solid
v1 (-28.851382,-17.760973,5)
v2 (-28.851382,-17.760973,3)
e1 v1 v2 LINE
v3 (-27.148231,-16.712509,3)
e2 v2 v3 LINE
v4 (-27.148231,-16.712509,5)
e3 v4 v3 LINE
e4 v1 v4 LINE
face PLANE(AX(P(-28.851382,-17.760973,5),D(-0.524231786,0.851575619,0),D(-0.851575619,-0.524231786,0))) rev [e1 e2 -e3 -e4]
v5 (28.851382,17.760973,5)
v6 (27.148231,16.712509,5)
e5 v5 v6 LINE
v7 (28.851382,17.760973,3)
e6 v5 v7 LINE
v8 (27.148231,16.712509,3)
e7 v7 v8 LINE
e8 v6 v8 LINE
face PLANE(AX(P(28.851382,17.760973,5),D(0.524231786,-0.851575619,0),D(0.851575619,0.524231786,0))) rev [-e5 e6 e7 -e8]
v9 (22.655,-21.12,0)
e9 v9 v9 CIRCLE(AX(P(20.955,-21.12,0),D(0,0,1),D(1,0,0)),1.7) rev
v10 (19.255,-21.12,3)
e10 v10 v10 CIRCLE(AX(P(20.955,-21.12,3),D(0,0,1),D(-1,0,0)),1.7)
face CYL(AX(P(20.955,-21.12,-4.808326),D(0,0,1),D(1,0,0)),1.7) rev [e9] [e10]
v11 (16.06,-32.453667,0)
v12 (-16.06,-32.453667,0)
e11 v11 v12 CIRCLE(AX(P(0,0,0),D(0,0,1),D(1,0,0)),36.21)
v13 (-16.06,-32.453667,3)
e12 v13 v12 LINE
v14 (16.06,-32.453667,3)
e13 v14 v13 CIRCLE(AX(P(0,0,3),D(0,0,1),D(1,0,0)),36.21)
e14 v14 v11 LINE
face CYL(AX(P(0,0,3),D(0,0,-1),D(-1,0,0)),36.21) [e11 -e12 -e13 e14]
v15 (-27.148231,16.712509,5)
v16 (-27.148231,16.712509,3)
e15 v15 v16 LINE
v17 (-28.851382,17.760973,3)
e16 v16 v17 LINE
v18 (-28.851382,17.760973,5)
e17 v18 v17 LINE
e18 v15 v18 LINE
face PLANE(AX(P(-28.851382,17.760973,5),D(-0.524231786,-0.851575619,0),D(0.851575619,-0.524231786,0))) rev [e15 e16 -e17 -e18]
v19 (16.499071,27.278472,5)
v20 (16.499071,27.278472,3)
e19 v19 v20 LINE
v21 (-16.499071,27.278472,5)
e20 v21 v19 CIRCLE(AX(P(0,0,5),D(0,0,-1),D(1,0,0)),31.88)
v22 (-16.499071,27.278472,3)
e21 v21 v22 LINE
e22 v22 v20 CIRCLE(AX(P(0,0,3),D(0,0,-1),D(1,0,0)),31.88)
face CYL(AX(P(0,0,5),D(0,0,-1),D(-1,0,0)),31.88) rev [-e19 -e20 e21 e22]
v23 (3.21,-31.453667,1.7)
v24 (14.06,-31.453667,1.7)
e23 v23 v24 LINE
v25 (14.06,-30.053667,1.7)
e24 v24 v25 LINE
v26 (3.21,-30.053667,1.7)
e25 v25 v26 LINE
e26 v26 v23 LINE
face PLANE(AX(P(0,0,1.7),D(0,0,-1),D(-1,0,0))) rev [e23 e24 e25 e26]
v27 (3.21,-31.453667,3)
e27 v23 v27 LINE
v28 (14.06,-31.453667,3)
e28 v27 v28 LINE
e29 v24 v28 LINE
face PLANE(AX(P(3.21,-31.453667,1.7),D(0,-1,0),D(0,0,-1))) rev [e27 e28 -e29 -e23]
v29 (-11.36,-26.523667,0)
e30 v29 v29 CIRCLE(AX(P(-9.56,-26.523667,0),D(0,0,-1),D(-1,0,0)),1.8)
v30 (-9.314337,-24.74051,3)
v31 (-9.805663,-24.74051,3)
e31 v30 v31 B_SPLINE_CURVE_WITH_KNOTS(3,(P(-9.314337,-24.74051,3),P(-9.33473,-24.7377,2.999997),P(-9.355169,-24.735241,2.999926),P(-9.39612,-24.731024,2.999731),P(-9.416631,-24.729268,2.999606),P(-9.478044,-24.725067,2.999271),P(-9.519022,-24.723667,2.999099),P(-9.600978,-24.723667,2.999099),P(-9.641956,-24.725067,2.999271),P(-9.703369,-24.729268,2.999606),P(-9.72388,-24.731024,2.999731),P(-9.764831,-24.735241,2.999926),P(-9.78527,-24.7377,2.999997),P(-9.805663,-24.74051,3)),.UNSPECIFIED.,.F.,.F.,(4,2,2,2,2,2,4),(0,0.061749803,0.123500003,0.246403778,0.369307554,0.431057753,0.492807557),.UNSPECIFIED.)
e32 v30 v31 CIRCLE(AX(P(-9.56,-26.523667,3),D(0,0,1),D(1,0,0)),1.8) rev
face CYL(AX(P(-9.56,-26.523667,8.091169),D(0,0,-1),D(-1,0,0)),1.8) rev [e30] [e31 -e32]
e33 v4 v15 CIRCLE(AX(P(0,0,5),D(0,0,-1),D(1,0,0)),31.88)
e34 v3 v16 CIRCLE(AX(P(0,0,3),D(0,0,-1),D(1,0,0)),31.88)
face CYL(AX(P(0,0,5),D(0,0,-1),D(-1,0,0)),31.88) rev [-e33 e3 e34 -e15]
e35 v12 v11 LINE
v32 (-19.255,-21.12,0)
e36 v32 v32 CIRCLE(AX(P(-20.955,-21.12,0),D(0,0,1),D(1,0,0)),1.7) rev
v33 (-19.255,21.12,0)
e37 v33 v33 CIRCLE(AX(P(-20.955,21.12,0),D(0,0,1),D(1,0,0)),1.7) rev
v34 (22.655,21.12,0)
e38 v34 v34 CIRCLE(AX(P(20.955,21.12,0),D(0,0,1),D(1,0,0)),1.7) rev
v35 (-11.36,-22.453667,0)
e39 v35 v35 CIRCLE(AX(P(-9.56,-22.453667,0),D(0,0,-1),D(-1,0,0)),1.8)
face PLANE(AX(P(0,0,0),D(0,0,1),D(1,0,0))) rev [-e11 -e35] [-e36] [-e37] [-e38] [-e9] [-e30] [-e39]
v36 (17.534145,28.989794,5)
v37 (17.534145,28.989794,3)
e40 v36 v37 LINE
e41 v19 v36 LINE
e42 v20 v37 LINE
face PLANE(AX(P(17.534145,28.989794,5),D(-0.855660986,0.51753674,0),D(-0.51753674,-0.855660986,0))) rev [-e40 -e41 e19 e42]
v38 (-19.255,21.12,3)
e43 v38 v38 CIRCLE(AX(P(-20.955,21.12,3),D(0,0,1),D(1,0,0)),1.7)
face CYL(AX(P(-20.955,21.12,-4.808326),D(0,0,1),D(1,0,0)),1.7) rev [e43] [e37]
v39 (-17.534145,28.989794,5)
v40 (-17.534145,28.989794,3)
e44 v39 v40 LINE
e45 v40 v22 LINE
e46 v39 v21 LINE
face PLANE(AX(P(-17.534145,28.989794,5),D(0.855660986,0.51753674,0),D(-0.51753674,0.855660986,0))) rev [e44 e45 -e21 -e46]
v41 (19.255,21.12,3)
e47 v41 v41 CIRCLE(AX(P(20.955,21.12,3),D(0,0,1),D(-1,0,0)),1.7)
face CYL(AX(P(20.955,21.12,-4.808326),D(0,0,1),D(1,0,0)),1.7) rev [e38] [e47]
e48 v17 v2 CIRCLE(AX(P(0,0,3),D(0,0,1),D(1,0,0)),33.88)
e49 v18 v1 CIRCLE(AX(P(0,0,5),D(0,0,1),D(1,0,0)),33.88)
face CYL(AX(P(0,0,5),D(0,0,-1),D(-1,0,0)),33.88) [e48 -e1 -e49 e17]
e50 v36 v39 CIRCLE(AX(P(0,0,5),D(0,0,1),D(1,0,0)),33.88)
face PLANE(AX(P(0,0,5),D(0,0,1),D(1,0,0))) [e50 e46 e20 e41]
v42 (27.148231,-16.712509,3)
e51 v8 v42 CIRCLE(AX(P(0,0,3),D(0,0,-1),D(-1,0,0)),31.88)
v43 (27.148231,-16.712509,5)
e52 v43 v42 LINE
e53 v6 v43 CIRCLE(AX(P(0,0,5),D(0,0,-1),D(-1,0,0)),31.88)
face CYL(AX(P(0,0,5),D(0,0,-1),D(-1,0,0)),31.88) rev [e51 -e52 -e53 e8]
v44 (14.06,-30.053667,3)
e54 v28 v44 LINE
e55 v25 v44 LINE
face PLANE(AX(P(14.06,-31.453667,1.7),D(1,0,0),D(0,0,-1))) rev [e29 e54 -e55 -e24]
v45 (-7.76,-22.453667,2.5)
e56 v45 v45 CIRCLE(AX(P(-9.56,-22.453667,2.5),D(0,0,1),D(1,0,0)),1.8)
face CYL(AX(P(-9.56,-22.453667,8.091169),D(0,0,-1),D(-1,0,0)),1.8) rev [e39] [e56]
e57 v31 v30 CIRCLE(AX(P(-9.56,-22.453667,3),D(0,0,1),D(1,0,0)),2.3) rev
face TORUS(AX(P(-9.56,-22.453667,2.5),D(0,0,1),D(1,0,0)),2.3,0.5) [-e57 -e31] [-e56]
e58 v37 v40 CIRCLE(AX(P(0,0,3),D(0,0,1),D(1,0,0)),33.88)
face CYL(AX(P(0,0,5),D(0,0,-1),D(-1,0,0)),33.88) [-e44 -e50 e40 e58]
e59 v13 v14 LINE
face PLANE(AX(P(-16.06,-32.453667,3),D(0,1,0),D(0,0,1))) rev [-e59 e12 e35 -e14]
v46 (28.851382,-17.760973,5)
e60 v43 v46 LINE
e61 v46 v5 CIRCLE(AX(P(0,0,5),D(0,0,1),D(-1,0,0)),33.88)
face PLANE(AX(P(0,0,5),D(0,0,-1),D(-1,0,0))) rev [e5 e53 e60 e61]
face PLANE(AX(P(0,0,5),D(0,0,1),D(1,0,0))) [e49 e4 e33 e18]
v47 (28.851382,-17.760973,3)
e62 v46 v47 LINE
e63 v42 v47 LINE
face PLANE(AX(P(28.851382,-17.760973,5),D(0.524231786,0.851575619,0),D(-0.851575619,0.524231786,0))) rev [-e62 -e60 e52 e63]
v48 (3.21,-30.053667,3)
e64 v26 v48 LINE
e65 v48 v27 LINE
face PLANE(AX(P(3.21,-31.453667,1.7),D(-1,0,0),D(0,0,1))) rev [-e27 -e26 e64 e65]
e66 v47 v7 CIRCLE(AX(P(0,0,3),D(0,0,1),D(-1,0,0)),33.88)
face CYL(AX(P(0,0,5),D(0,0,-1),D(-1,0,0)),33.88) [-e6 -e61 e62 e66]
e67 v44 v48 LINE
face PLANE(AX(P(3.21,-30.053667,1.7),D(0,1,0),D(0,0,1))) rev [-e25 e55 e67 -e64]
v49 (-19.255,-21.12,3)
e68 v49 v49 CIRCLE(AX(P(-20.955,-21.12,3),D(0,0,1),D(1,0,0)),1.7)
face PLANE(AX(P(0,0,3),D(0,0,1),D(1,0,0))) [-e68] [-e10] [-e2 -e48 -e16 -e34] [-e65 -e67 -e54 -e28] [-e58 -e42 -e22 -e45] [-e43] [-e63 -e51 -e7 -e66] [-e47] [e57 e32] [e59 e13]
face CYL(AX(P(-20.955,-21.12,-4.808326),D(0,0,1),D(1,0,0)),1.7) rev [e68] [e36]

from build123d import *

# Parameters (mm, degrees)
BOSS_EXTRUDE1_DEPTH = 3
SKETCH2_R           = 1.7
CUT_EXTRUDE1_DEPTH  = 3
BOSS_EXTRUDE2_DEPTH = 2
SKETCH6_R           = 1.8
CUT_EXTRUDE2_DEPTH  = 3
SKETCH8_W           = 10.85
SKETCH8_H           = 1.4
CUT_EXTRUDE4_DEPTH  = 1.3
FILLET2_R           = 0.5


with BuildPart() as part:
    # Sketch1 → Boss-Extrude1 (new body)
    with BuildSketch(Plane.XY):
        with BuildLine():
            Line((-16.06, -32.453666973), (16.06, -32.453666973))
            ThreePointArc((16.06, -32.453666973), (0, 36.21), (-16.06, -32.453666973))
        make_face()
    extrude(amount=BOSS_EXTRUDE1_DEPTH)

    # Sketch2 → Cut-Extrude1 (cut)
    with BuildSketch(Plane.XY.offset(3)):
        with Locations((-20.955, 21.12)):
            Circle(SKETCH2_R)
        with Locations((20.955, 21.12)):
            Circle(SKETCH2_R)
        with Locations((-20.955, -21.12)):
            Circle(SKETCH2_R)
        with Locations((20.955, -21.12)):
            Circle(SKETCH2_R)
    extrude(amount=-CUT_EXTRUDE1_DEPTH, mode=Mode.SUBTRACT)

    # Sketch4 → Boss-Extrude2 (add)
    with BuildSketch(Plane.XY.offset(3)):
        with BuildLine():
            Line((-17.534144761, 28.989794195), (-16.499071281, 27.278472224))
            ThreePointArc((-16.499071281, 27.278472224), (0, 31.88), (16.499071281, 27.278472224))
            Line((16.499071281, 27.278472224), (17.534144761, 28.989794195))
            ThreePointArc((17.534144761, 28.989794195), (0, 33.88), (-17.534144761, 28.989794195))
        make_face()
        with BuildLine():
            Line((-28.851381969, 17.760972903), (-27.148230731, 16.712509332))
            ThreePointArc((-27.148230731, 16.712509332), (-31.88, 0), (-27.148230731, -16.712509332))
            Line((-27.148230731, -16.712509332), (-28.851381969, -17.760972903))
            ThreePointArc((-28.851381969, -17.760972903), (-33.88, 0), (-28.851381969, 17.760972903))
        make_face()
        with BuildLine():
            Line((28.851381969, 17.760972903), (27.148230731, 16.712509332))
            ThreePointArc((27.148230731, 16.712509332), (31.88, 0), (27.148230731, -16.712509332))
            Line((27.148230731, -16.712509332), (28.851381969, -17.760972903))
            ThreePointArc((28.851381969, -17.760972903), (33.88, 0), (28.851381969, 17.760972903))
        make_face()
    extrude(amount=BOSS_EXTRUDE2_DEPTH)

    # Sketch6 → Cut-Extrude2 (cut)
    with BuildSketch(Plane(origin=(0, 0, 0), x_dir=(-1, 0, 0), z_dir=(0, 0, -1))):
        with Locations((9.56, -22.453666973)):
            Circle(SKETCH6_R)
        with Locations((9.56, -26.523666973)):
            Circle(SKETCH6_R)
    extrude(amount=-CUT_EXTRUDE2_DEPTH, mode=Mode.SUBTRACT)

    # Sketch8 → Cut-Extrude4 (cut)
    with BuildSketch(Plane.XY.offset(3)):
        with Locations((8.635, -30.753666973)):
            Rectangle(SKETCH8_W, SKETCH8_H)
    extrude(amount=-CUT_EXTRUDE4_DEPTH, mode=Mode.SUBTRACT)

    # Fillet2
    fillet2_edges = [part.edges().sort_by_distance(p)[0] for p in [
        (-7.76, -22.453666973, 3),
    ]]
    fillet(fillet2_edges, radius=FILLET2_R)


solid = part.part
